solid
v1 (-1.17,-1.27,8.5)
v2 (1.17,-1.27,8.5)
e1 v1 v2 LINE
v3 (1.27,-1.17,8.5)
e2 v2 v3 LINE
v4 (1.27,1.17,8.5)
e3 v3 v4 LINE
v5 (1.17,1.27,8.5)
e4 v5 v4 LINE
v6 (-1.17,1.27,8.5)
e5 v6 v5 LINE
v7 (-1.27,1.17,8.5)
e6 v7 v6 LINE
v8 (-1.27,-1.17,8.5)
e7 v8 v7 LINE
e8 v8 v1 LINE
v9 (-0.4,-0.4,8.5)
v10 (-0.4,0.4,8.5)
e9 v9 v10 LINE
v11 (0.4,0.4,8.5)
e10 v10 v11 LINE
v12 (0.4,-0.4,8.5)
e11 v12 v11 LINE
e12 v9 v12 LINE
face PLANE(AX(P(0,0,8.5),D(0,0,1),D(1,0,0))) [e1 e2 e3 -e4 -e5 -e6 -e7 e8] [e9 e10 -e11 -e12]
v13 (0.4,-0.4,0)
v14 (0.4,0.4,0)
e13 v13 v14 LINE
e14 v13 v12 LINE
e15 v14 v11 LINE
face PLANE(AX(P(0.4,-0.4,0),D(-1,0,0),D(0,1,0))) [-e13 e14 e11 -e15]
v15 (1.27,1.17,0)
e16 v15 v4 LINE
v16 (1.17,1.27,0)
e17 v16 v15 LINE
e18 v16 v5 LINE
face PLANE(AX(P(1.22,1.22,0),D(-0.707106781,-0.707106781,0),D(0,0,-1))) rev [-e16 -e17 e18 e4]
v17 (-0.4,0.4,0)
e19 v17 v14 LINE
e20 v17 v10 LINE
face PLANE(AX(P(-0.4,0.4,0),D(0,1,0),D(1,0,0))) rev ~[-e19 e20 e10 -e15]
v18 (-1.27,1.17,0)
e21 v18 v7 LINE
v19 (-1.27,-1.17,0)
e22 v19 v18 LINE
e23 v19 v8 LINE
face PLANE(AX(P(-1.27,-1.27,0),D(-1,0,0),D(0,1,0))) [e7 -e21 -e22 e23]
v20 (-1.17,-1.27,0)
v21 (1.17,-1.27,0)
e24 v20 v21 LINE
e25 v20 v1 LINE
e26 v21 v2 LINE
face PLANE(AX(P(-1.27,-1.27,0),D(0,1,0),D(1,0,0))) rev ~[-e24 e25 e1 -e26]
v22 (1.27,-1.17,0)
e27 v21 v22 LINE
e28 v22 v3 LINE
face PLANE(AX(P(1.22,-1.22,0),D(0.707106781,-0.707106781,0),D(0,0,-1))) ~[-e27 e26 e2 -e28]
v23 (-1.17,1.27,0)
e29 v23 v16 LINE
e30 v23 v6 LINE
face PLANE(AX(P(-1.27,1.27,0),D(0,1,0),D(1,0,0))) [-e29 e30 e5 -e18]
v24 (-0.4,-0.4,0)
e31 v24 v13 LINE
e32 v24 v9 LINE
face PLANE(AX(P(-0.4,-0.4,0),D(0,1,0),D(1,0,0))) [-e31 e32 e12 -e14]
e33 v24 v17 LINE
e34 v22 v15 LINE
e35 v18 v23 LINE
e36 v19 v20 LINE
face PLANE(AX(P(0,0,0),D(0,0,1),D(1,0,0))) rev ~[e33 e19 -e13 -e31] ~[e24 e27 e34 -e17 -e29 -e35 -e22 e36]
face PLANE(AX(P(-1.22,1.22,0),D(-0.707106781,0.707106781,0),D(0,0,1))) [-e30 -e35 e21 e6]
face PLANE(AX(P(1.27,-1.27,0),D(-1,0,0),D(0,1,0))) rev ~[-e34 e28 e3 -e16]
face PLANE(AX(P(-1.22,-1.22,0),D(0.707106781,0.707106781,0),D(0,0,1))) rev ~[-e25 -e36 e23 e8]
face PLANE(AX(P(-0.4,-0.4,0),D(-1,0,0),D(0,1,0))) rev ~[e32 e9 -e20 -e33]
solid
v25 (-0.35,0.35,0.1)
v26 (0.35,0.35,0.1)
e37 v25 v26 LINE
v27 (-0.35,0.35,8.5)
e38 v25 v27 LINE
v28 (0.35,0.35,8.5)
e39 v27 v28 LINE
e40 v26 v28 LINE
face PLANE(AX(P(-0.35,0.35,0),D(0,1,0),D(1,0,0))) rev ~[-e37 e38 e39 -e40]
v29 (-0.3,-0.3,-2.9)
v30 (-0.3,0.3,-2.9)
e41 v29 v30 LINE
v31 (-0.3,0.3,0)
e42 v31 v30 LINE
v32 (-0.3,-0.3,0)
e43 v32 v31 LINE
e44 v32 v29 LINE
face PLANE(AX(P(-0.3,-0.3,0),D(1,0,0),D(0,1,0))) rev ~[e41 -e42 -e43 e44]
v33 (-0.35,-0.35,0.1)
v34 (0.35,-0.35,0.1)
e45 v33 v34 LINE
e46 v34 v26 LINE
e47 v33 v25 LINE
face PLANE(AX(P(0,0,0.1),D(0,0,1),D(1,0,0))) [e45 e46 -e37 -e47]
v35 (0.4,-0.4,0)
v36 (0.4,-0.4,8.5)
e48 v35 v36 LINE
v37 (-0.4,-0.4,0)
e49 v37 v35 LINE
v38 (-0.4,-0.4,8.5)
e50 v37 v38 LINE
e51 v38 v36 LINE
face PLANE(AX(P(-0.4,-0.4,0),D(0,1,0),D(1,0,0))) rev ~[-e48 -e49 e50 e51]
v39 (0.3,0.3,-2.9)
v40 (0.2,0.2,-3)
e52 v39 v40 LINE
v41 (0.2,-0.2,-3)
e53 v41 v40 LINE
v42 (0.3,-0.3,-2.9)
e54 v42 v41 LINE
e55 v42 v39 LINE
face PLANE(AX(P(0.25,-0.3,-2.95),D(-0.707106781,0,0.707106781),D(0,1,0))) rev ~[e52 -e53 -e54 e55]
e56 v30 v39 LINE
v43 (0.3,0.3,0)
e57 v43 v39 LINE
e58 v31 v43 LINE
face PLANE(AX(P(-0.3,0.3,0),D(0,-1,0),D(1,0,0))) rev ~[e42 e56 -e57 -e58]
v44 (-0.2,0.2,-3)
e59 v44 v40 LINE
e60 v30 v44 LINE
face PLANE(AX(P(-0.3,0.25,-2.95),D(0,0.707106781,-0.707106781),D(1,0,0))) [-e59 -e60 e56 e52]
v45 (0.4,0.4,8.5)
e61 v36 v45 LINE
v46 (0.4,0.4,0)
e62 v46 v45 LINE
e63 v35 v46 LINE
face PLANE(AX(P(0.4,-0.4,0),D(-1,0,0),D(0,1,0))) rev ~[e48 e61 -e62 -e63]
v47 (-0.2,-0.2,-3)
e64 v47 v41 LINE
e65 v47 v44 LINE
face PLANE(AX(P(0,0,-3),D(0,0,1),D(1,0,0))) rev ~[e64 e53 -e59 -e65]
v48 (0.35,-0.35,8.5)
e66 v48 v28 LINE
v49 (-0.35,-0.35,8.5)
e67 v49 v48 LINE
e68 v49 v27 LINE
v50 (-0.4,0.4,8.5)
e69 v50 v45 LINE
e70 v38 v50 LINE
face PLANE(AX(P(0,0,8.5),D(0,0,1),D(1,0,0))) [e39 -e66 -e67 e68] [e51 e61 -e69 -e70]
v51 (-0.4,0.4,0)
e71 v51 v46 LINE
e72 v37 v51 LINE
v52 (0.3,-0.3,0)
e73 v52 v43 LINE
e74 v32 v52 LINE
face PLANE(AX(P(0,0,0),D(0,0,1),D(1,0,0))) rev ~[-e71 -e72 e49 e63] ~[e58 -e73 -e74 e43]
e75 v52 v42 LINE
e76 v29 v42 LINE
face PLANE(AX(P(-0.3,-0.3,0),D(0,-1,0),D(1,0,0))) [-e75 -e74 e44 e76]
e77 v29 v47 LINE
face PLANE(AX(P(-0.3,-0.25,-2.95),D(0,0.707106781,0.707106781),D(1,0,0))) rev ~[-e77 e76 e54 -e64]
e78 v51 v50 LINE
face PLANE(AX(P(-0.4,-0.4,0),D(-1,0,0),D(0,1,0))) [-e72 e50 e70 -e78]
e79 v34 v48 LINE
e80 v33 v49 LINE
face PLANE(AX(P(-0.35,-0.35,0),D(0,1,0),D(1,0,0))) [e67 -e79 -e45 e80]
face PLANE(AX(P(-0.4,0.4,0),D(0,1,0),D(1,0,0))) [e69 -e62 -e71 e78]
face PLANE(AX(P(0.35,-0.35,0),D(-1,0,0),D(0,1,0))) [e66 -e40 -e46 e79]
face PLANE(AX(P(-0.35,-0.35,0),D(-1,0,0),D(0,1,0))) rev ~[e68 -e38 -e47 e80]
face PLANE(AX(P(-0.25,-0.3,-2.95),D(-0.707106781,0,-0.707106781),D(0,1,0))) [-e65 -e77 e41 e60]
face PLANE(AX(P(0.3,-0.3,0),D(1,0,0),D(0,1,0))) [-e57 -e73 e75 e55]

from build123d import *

# Parameters (mm, degrees)
F0_W          = 2.54
F0_H          = 2.54
F0_W_2        = 0.8
F0_H_2        = 0.8
F1_DEPTH      = 8.5
F2_SIZE       = 0.1
F3_W          = 0.8
F3_H          = 0.8
F3_W_2        = 0.7
F3_H_2        = 0.7
F4_DEPTH      = 8.5
F3_W_3        = 0.6
F3_H_3        = 0.6
F5_DEPTH      = 0.1
F6_DEPTH      = 3
F6_DEPTH_BACK = 0.1
F7_SIZE       = 0.1


with BuildPart() as f1:
    # F0 (on Top) → F1 (new body)
    with BuildSketch(Plane.XY):
        Rectangle(F0_W, F0_H)
        Rectangle(F0_W_2, F0_H_2, mode=Mode.SUBTRACT)
    extrude(amount=F1_DEPTH)

    # F2
    f2_edges = [f1.edges().sort_by_distance(p)[0] for p in [
        (1.27, -1.27, 4.25),
        (-1.27, -1.27, 4.25),
        (-1.27, 1.27, 4.25),
        (1.27, 1.27, 4.25),
    ]]
    chamfer(f2_edges, length=F2_SIZE)


with BuildPart() as f4:
    # F3 (on Top) → F4 (new body, through all)
    with BuildSketch(Plane.XY):
        Rectangle(F3_W, F3_H)
        Rectangle(F3_W_2, F3_H_2, mode=Mode.SUBTRACT)
    extrude(amount=F4_DEPTH)

    # F3 (on Top) → F5 (join)
    with BuildSketch(Plane.XY):
        Rectangle(F3_W_2, F3_H_2)
        Rectangle(F3_W_3, F3_H_3, mode=Mode.SUBTRACT)
    extrude(amount=F5_DEPTH)

    # F3 (on Top) → F6 (join, two sides)
    with BuildSketch(Plane.XY) as f6_sk:
        Rectangle(F3_W_3, F3_H_3)
    extrude(amount=-F6_DEPTH)
    extrude(f6_sk.sketch, amount=F6_DEPTH_BACK)

    # F7
    f7_edges = [f4.edges().sort_by_distance(p)[0] for p in [
        (0.3, 0, -3),
        (0, 0.3, -3),
        (-0.3, 0, -3),
        (0, -0.3, -3),
    ]]
    chamfer(f7_edges, length=F7_SIZE)


solid = Compound([f1.part, f4.part])
